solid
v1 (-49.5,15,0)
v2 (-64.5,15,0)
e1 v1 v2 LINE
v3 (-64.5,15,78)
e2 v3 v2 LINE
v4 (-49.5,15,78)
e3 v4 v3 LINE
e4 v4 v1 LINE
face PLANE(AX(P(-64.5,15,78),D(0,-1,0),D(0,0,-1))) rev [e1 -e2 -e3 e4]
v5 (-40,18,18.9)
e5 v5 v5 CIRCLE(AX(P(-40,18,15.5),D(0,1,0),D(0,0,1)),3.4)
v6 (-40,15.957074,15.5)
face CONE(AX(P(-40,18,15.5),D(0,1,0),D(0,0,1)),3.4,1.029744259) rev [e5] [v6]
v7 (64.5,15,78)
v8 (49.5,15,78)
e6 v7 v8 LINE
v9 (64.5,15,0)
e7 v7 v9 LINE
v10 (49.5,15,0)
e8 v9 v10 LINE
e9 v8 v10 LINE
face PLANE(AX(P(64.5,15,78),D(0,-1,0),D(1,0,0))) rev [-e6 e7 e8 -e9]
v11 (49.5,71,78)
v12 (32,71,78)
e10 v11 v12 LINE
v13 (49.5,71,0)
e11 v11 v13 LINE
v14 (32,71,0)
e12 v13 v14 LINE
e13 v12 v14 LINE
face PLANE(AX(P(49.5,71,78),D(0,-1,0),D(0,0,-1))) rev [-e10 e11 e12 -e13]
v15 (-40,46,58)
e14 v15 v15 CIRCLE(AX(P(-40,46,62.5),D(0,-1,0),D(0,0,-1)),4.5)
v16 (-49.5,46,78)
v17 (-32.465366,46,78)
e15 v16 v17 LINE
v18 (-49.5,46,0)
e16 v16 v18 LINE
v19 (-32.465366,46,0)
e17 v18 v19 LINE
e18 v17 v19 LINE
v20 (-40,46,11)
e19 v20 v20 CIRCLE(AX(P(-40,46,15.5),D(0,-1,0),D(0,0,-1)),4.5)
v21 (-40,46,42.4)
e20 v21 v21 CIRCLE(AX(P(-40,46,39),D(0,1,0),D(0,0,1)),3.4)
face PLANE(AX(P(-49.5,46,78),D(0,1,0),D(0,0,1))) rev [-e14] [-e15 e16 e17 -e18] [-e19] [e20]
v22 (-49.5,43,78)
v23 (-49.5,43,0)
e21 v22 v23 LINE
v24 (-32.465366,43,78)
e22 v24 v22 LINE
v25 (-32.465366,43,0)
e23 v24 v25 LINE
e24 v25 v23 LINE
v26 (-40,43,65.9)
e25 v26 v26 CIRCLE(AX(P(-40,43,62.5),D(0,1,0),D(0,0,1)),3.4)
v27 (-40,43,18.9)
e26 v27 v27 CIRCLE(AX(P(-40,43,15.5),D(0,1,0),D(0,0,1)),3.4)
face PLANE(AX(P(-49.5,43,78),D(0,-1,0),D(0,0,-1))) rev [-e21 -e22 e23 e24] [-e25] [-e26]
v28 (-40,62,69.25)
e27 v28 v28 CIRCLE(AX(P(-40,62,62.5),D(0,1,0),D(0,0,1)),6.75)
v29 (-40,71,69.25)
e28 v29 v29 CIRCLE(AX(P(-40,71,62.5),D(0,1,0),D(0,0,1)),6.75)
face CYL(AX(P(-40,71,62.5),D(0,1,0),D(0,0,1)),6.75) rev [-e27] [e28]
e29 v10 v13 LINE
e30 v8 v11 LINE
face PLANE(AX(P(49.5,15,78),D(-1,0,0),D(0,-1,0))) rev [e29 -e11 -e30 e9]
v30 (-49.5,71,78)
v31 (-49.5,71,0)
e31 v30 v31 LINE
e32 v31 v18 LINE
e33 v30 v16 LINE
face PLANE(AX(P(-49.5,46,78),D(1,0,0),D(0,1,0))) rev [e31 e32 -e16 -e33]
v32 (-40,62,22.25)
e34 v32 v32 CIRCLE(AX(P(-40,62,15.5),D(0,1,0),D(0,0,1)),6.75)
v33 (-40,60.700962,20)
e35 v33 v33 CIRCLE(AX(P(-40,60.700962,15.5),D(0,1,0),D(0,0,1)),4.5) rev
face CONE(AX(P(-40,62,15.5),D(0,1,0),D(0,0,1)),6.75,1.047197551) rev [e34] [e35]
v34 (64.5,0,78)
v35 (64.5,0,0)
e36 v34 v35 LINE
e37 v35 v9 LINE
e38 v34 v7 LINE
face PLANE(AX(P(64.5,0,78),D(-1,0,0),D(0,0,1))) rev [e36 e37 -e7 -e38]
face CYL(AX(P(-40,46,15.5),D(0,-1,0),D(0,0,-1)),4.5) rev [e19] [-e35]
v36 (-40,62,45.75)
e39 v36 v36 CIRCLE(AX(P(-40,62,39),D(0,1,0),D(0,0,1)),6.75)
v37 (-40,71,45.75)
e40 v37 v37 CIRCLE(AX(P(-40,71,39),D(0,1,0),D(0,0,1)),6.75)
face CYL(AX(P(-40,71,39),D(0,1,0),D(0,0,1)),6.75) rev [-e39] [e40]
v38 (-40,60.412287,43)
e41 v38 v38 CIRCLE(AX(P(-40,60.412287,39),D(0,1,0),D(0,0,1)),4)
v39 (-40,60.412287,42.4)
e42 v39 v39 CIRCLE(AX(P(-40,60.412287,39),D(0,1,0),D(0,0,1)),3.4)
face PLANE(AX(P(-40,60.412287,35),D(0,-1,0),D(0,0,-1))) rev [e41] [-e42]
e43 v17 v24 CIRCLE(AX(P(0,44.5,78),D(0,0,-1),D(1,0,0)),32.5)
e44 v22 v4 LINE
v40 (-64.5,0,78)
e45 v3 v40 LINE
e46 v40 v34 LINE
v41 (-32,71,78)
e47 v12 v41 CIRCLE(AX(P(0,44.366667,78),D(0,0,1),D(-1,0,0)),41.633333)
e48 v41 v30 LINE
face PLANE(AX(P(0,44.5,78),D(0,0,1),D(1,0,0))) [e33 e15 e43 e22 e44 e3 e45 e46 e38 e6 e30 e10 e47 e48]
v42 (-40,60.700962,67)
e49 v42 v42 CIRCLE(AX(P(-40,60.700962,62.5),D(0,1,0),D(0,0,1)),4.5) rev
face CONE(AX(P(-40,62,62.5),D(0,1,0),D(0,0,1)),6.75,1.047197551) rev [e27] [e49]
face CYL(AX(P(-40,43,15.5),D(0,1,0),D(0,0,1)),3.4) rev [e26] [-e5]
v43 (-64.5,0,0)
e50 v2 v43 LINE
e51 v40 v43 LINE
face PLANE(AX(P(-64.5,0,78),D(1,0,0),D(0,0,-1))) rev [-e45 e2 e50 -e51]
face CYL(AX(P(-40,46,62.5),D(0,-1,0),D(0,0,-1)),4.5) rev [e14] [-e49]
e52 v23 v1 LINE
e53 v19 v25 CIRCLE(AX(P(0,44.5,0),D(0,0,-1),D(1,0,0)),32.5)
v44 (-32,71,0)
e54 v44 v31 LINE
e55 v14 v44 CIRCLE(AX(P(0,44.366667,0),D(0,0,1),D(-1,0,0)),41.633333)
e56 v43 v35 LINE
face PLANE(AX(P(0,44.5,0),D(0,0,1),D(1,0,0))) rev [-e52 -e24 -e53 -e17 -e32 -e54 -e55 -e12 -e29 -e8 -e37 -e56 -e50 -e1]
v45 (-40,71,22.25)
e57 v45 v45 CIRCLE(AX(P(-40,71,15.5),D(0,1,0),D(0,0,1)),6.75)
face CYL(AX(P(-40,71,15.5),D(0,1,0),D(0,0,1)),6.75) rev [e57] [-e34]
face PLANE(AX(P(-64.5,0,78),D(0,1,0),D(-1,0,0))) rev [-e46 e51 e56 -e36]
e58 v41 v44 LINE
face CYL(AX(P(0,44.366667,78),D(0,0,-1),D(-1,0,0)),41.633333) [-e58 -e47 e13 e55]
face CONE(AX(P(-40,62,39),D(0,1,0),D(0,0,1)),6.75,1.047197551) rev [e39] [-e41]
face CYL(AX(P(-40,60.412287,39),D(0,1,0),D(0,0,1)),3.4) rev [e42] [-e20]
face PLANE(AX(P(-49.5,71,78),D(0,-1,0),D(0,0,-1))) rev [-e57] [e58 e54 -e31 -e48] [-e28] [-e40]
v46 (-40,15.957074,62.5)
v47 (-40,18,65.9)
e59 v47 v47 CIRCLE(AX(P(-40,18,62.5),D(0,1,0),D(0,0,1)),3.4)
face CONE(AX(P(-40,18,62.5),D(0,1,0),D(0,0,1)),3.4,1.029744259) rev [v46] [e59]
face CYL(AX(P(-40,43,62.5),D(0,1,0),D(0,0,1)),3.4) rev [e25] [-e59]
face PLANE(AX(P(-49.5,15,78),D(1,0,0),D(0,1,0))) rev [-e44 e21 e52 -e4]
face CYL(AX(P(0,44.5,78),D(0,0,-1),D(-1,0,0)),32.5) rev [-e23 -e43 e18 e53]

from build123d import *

# Parameters (mm, degrees)
EXTRUDE_1_DEPTH        = 78
PATTERN_LINEAR_1_COUNT = 3
PATTERN_LINEAR_1_PITCH = 23.5
SKETCH_26_W            = 4.5
SKETCH_26_H            = 40
M8X1_257_D             = 6.8
M8X1_257_DEPTH         = 14.41228676


with BuildPart() as part:
    # Эскиз1 → Бобышка-Вытянуть1 (new body)
    with BuildSketch(Plane.XY):
        with BuildLine():
            Line((-64.5, 0), (64.5, 0))
            Line((64.5, 0), (64.5, 15))
            Line((64.5, 15), (49.5, 15))
            Line((49.5, 15), (49.5, 71))
            Line((49.5, 71), (32, 71))
            ThreePointArc((32, 71), (0, 86), (-32, 71))
            Line((-32, 71), (-49.5, 71))
            Line((-49.5, 71), (-49.5, 46))
            Line((-49.5, 46), (-32.465366161, 46))
            ThreePointArc((-32.465366161, 46), (32.5, 44.5), (-32.465366161, 43))
            Line((-32.465366161, 43), (-49.5, 43))
            Line((-49.5, 43), (-49.5, 15))
            Line((-49.5, 15), (-64.5, 15))
            Line((-64.5, 15), (-64.5, 0))
        make_face()
    extrude(amount=EXTRUDE_1_DEPTH)

    # Эскиз14 → Вырез-Повернуть2 (revolve, cut)
    with BuildSketch(Plane.ZY.offset(40), mode=Mode.PRIVATE) as cut_revolve_2_sk:
        Polygon((55.75, 62), (55.75, 71), (62.5, 71), (62.5, 60.41228676), (58.5, 60.41228676), align=None)
    cut_revolve_2 = revolve(cut_revolve_2_sk.sketch.rotate(Axis((-40, 71, 62.5), (0, -1, 0)), 180), axis=Axis((-40, 71, 62.5), (0, -1, 0)), mode=Mode.SUBTRACT)

    # Линейный массив1: Вырез-Повернуть2 ×3
    with Locations(*[(0, 0, -i * PATTERN_LINEAR_1_PITCH) for i in range(1, PATTERN_LINEAR_1_COUNT)]):
        add(cut_revolve_2, mode=Mode.SUBTRACT)

    # Эскиз24 → Отверстие обработанное метчиком M8x1.254 (revolve, cut)
    with BuildSketch(Plane(origin=(-40, 43, 62.5), x_dir=(0, 0, 1), z_dir=(1, 0, 0))):
        Polygon((0, 0), (0, 27.042926105), (3.4, 25), (3.4, 0), align=None)
    m8x1_254 = revolve(axis=Axis((-40, 49.35, 62.5), (0, -1, 0)), mode=Mode.SUBTRACT)

    # Эскиз26 → Диаметр отверстия Ø9.0 (9)2 (revolve, cut)
    with BuildSketch(Plane(origin=(-40, 46, 62.5), x_dir=(0, 0, -1), z_dir=(1, 0, 0))):
        with Locations((2.25, 20)):
            Rectangle(SKETCH_26_W, SKETCH_26_H)
    hole_wizard_9_0_9_2 = revolve(axis=Axis((-40, 39.65, 62.5), (0, 1, 0)), mode=Mode.SUBTRACT)

    # Отверстие обработанное метчиком M8x1.257
    with Locations(Plane(origin=(0, 60.41228676, 0), x_dir=(1, 0, 0), z_dir=(0, 1, 0))):
        with Locations((-40, -39)):
            Hole(M8X1_257_D / 2, depth=M8X1_257_DEPTH)

    # Зеркальное отражение1: Отверстие обработанное метчиком M8x1.254, Диаметр отверстия Ø9.0 (9)2 across plane
    add(m8x1_254.mirror(Plane.XY.offset(39)), mode=Mode.SUBTRACT)
    add(hole_wizard_9_0_9_2.mirror(Plane.XY.offset(39)), mode=Mode.SUBTRACT)


solid = part.part
